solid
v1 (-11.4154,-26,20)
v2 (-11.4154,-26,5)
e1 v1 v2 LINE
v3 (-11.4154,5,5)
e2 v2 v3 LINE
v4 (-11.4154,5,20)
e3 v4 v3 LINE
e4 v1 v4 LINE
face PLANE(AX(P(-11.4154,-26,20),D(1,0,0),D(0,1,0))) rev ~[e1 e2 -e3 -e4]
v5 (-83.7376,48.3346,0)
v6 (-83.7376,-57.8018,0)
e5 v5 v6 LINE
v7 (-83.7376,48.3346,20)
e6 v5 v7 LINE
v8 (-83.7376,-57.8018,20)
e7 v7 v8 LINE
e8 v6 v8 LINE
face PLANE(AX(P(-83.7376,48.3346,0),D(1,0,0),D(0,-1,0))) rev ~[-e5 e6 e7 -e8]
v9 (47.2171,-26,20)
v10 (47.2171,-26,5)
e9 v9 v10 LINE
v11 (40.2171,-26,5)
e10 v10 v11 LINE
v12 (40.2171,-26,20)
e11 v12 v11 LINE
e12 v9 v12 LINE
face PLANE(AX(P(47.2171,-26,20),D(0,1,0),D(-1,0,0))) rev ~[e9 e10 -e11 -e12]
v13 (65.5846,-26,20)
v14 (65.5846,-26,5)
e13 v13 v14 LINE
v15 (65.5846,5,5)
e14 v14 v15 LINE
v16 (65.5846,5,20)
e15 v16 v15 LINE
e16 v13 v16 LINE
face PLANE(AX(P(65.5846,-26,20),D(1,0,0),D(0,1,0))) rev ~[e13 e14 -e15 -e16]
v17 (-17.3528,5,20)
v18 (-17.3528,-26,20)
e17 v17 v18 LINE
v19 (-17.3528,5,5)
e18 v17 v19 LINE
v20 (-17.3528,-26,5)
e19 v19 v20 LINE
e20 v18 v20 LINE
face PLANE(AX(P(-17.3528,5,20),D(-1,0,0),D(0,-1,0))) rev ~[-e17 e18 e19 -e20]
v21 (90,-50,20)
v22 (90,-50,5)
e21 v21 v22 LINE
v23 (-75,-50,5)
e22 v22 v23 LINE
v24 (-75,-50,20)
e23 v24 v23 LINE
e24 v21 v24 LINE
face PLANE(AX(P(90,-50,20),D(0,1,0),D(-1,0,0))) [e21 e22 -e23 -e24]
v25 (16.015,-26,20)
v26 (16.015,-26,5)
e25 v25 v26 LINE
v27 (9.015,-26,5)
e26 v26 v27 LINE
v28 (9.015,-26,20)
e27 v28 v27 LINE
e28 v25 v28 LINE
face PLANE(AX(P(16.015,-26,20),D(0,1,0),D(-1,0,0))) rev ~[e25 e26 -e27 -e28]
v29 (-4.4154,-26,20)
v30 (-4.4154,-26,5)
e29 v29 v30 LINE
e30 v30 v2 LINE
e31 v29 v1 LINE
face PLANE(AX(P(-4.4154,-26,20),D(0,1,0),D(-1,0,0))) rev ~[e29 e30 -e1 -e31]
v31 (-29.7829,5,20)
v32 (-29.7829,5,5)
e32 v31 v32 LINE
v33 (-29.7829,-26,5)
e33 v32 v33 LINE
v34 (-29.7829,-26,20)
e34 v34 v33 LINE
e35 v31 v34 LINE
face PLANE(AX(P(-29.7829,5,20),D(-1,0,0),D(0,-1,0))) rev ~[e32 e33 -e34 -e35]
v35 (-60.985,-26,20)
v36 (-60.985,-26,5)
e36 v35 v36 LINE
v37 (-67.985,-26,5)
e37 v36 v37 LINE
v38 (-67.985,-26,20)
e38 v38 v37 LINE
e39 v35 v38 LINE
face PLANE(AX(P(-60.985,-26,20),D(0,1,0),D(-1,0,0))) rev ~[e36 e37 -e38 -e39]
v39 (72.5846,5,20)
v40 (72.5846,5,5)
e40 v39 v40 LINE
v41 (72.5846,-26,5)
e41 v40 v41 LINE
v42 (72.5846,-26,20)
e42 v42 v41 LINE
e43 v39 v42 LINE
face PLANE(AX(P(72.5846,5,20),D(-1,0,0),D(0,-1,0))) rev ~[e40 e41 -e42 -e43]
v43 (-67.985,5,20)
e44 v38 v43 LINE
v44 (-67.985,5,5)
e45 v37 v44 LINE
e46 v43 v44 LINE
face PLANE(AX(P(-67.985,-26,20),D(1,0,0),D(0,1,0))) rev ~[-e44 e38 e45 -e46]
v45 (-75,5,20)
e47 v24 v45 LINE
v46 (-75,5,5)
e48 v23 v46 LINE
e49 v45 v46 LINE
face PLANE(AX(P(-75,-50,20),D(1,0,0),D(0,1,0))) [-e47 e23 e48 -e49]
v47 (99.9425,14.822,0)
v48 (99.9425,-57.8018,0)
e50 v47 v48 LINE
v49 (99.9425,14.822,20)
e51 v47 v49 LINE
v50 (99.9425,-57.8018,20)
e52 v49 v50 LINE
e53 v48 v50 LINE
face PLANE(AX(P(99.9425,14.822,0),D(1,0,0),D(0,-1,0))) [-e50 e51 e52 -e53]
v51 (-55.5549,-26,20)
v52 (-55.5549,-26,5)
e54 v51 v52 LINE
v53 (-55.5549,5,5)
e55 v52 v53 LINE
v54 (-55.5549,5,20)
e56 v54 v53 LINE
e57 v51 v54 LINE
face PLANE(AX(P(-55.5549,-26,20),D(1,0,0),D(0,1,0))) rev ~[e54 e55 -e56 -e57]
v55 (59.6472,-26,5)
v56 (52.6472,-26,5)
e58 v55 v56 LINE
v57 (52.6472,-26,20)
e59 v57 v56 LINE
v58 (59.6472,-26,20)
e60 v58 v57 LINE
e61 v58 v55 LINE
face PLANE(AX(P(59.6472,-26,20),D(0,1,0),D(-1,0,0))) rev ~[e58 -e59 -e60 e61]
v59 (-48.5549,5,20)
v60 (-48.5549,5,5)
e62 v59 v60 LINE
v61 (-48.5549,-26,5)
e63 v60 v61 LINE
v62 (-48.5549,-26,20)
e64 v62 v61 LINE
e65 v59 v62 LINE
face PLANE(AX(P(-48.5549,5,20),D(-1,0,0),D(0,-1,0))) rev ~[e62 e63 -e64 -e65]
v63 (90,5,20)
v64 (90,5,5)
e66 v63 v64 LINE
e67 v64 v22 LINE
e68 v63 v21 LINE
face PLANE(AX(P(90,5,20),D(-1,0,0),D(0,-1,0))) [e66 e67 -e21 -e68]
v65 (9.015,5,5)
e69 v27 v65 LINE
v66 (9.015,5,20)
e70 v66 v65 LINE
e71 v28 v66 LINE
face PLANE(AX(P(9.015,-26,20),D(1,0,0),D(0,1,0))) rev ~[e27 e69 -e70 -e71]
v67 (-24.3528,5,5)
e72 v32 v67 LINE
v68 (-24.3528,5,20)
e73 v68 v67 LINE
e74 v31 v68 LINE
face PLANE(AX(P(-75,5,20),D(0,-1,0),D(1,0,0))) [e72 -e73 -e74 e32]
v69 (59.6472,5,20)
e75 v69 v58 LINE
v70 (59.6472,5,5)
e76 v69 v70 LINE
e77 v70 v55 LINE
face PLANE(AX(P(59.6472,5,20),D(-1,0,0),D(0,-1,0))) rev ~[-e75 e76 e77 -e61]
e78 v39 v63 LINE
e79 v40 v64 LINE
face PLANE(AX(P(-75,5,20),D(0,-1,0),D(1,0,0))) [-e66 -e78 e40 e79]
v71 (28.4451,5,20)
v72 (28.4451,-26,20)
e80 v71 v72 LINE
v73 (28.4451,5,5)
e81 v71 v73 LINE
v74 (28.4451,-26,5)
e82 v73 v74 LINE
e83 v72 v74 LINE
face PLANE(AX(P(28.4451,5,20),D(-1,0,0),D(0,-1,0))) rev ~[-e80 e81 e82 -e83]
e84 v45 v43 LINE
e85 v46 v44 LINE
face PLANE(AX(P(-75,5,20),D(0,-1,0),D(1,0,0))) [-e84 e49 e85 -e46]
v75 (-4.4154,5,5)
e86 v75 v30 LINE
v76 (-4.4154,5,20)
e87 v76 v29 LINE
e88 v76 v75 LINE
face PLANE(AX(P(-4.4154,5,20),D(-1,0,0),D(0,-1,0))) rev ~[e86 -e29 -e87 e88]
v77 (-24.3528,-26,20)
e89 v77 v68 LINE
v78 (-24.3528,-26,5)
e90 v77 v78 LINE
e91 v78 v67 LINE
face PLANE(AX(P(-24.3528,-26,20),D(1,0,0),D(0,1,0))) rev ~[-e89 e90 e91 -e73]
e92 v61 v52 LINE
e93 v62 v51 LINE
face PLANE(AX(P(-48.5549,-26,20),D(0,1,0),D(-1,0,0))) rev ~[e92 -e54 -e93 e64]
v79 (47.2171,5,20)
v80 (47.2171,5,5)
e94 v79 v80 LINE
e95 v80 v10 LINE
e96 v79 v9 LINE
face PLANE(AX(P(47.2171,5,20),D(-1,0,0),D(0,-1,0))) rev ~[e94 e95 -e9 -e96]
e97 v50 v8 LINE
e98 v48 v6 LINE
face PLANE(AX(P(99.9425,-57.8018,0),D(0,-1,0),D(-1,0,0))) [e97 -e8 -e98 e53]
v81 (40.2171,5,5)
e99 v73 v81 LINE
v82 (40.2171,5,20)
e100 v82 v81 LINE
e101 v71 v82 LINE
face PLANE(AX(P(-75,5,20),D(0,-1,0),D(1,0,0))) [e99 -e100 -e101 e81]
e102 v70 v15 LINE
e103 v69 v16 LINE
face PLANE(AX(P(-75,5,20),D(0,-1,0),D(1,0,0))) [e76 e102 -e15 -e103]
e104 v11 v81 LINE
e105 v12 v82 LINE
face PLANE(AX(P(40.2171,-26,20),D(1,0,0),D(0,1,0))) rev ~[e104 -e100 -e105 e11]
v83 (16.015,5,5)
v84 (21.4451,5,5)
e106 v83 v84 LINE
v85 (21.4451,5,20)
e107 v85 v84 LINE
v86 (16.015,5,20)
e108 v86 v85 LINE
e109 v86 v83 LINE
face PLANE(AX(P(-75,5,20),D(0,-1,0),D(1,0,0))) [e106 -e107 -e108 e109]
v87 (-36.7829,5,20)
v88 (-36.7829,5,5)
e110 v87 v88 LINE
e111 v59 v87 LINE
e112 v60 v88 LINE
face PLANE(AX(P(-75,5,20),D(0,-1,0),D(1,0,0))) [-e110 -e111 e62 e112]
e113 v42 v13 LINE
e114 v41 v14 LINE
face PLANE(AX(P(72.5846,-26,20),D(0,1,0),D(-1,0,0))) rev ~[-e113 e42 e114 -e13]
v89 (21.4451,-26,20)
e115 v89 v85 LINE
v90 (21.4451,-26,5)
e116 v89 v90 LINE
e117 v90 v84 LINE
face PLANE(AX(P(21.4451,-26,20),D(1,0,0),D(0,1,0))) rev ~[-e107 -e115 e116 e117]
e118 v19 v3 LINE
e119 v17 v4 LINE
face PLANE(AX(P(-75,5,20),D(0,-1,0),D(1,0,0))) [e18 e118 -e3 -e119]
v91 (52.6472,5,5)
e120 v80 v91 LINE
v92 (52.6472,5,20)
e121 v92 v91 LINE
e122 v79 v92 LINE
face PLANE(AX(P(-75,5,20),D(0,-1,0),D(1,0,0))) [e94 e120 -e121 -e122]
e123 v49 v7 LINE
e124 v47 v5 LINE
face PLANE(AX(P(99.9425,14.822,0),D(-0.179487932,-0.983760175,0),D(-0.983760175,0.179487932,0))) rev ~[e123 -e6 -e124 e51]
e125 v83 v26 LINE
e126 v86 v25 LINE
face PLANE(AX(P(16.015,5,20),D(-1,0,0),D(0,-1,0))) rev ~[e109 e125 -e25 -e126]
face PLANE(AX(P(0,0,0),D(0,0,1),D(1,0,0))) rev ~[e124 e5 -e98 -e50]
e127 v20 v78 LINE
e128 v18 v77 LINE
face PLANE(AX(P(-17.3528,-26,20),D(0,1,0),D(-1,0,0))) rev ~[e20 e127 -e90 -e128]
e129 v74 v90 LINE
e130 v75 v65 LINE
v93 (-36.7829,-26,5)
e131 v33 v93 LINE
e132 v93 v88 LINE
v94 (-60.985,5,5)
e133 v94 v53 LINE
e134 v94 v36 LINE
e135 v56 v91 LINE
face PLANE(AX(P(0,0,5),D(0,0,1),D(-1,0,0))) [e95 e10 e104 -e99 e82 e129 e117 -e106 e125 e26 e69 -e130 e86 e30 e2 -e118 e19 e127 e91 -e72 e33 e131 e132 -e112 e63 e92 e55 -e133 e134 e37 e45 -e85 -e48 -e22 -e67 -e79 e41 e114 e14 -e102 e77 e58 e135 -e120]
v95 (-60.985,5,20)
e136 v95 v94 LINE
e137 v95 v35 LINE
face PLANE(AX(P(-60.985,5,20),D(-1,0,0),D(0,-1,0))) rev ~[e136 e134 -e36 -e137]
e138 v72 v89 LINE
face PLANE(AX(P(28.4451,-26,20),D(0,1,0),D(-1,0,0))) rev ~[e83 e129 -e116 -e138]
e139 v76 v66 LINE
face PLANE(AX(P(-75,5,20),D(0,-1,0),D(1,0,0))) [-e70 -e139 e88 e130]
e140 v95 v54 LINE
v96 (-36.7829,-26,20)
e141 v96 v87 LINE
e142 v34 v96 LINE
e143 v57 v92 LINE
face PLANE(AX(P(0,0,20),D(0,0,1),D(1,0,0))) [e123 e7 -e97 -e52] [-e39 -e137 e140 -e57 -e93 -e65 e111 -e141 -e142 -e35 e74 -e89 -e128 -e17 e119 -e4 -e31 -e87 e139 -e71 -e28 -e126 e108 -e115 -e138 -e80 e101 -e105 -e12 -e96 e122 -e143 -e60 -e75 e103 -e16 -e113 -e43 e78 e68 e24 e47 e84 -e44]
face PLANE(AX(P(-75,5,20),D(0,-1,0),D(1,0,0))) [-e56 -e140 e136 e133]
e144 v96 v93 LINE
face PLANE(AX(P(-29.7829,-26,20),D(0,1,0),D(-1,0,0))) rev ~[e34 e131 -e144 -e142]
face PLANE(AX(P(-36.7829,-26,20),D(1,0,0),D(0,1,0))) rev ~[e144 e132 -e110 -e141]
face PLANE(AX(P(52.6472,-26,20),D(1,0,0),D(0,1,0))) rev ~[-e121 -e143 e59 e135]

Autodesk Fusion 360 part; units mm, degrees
sketch "草图1" plane through (0, 0, 0) normal (0, 0, 1) x (1, 0, 0)
  line L0 (-83.7376, 48.3346) -> (-83.7376, -57.8018)
  line L1 (100, -57.8018) -> (-83.7376, -57.8018)
  line L2 (99.9425, 14.822) -> (-83.7376, 48.3346)
  line L3 (99.9425, 14.822) -> (99.9425, -57.8018)
  line L4 (-75.3044, 2.9706) -> (90.6956, 2.9706)
  line L5 (90.6956, 2.9706) -> (90.6956, -51.4889)
  line L6 (90.6956, -51.4889) -> (-75.3044, -51.4889)
  line L7 (-75.3044, -51.4889) -> (-75.3044, 2.9706)
  dimension "d1" = 166
extrude "拉伸1" add sketch "草图1" along normal blind 20 contours L0 L1 L2 L3 | L4 L5 L6 L7
sketch "草图2" plane through (0, 0, 20) normal (0, 0, 1) x (-1, 0, 0)
  line L0 (83.7376, -48.3346) -> (83.7376, 57.8018)
  line L1 (83.7376, 57.8018) -> (-99.9425, 57.8018)
  line L2 (-99.9425, 57.8018) -> (-99.9425, -14.822)
  line L3 (-99.9425, -14.822) -> (83.7376, -48.3346)
  line L4 (75, -5) -> (-90, -5)
  line L5 (-90, -5) -> (-90, 50)
  line L6 (-90, 50) -> (75, 50)
  line L7 (75, 50) -> (75, -5)
extrude "拉伸2" cut sketch "草图2" against normal blind 15 contours L4 L5 L6 L7
sketch "草图3" plane through (0, 0, 20) normal (0, 0, 1) x (-1, 0, 0)
  line L0 (-90, -5) -> (-90, 50)
  line L1 (-90, 50) -> (75, 50)
  line L2 (75, 50) -> (75, -5)
  line L3 (75, -5) -> (-90, -5)
  line L4 (83.7376, -48.3346) -> (83.7376, 57.8018)
  line L5 (83.7376, 57.8018) -> (-99.9425, 57.8018)
  line L6 (-99.9425, 57.8018) -> (-99.9425, -14.822)
  line L7 (-99.9425, -14.822) -> (83.7376, -48.3346)
  line L8 (67.985, -5) -> (60.985, -5)
  line L9 (60.985, -5) -> (60.985, 26)
  line L10 (60.985, 26) -> (67.985, 26)
  line L11 (67.985, 26) -> (67.985, -5)
  line L12 (67.985, -5) -> (60.985, -5)
  line L13 (67.985, 26) -> (67.985, -5)
  line L14 (60.985, 26) -> (67.985, 26)
  line L15 (60.985, -5) -> (60.985, 26)
  line L16 (55.5549, 26) -> (55.5549, -5)
  line L17 (55.5549, -5) -> (48.5549, -5)
  line L18 (48.5549, -5) -> (48.5549, 26)
  line L19 (48.5549, 26) -> (55.5549, 26)
  line L20 (55.5549, 26) -> (55.5549, -5)
  line L21 (48.5549, 26) -> (55.5549, 26)
  line L22 (48.5549, -5) -> (48.5549, 26)
  line L23 (55.5549, -5) -> (48.5549, -5)
  line L24 (36.7829, -5) -> (29.7829, -5)
  line L25 (36.7829, 26) -> (36.7829, -5)
  line L26 (29.7829, 26) -> (36.7829, 26)
  line L27 (29.7829, -5) -> (29.7829, 26)
  line L28 (24.3528, 26) -> (24.3528, -5)
  line L29 (17.3528, 26) -> (24.3528, 26)
  line L30 (17.3528, -5) -> (17.3528, 26)
  line L31 (24.3528, -5) -> (17.3528, -5)
  line L32 (11.4154, 26) -> (11.4154, -5)
  line L33 (4.4154, -5) -> (4.4154, 26)
  line L34 (11.4154, -5) -> (4.4154, -5)
  line L35 (4.4154, 26) -> (11.4154, 26)
  line L36 (-52.6472, -5) -> (-59.6472, -5)
  line L37 (-21.4451, 26) -> (-21.4451, -5)
  line L38 (-9.015, -5) -> (-16.015, -5)
  line L39 (-28.4451, 26) -> (-21.4451, 26)
  line L40 (-28.4451, 26) -> (-21.4451, 26)
  line L41 (-40.2171, 26) -> (-40.2171, -5)
  line L42 (-40.2171, -5) -> (-47.2171, -5)
  line L43 (-72.5846, -5) -> (-72.5846, 26)
  line L44 (-47.2171, 26) -> (-40.2171, 26)
  line L45 (-47.2171, -5) -> (-47.2171, 26)
  line L46 (-52.6472, 26) -> (-52.6472, -5)
  line L47 (-65.5846, 26) -> (-65.5846, -5)
  line L48 (-9.015, 26) -> (-9.015, -5)
  line L49 (-16.015, 26) -> (-9.015, 26)
  line L50 (-21.4451, -5) -> (-28.4451, -5)
  line L51 (-28.4451, -5) -> (-28.4451, 26)
  line L52 (-16.015, -5) -> (-16.015, 26)
  line L53 (-28.4451, -5) -> (-28.4451, 26)
  line L54 (-9.015, -5) -> (-16.015, -5)
  line L55 (-16.015, 26) -> (-9.015, 26)
  line L56 (-72.5846, 26) -> (-65.5846, 26)
  line L57 (-65.5846, -5) -> (-72.5846, -5)
  line L58 (-21.4451, 26) -> (-21.4451, -5)
  line L59 (-9.015, 26) -> (-9.015, -5)
  line L60 (-21.4451, -5) -> (-28.4451, -5)
  line L61 (-59.6472, 26) -> (-52.6472, 26)
  line L62 (-59.6472, -5) -> (-59.6472, 26)
  line L63 (-16.015, -5) -> (-16.015, 26)
  line L64 (-82.7432, 26.3749) -> (-82.7432, -4.6251)
  line L65 (-89.7432, 26.3749) -> (-82.7432, 26.3749)
  line L66 (-89.7432, -4.6251) -> (-89.7432, 26.3749)
  line L67 (-82.9307, -4.8125) -> (-89.9307, -4.8125)
  point P0 (-77, 0)
  dimension "d6" = 7
  dimension "d7" = 31
  dimension "d8" = 7
  dimension "d9" = 31
  dimension "d10" = 7
  dimension "d11" = 31
  dimension "d12" = 7
  dimension "d13" = 31
  dimension "d14" = 7
  dimension "d15" = 31
  dimension "d16" = 31
  dimension "d17" = 7
  dimension "d18" = 31
  dimension "d19" = 7
  dimension "d22" = -77
  dimension "d23" = 0
  dimension "d24" = 7
  dimension "d25" = 31
  dimension "d26" = 7
extrude "拉伸3" add sketch "草图3" against normal blind 15 contours L3 L43 L47 L56 L57 | L3 L36 L46 L61 L62 | L3 L8 L9 L10 L11 L12 L13 L14 L15 | L3 L41 L42 L44 L45 | L3 L16 L17 L18 L19 L20 L21 L22 L23 | L3 L37 L39 L40 L50 L51 L53 L58 L60 | L3 L24 L25 L26 L27 | L3 L38 L48 L49 L52 L54 L55 L59 L63 | L3 L28 L29 L30 L31 | L3 L32 L33 L34 L35
sketch "草图4" plane through (0, 0, 20) normal (0, 0, 1) x (-1, 0, 0)
  line L0 (-90, -5) -> (-90, 50)
  line L1 (-90, 50) -> (75, 50)
  line L2 (75, 50) -> (75, -5)
  line L3 (75, -5) -> (67.985, -5)
  line L4 (67.985, -5) -> (67.985, 26)
  line L5 (67.985, 26) -> (60.985, 26)
  line L6 (60.985, 26) -> (60.985, -5)
  line L7 (60.985, -5) -> (55.5549, -5)
  line L8 (55.5549, -5) -> (55.5549, 26)
  line L9 (55.5549, 26) -> (48.5549, 26)
  line L10 (48.5549, 26) -> (48.5549, -5)
  line L11 (48.5549, -5) -> (36.7829, -5)
  line L12 (36.7829, -5) -> (36.7829, 26)
  line L13 (36.7829, 26) -> (29.7829, 26)
  line L14 (29.7829, 26) -> (29.7829, -5)
  line L15 (29.7829, -5) -> (24.3528, -5)
  line L16 (24.3528, -5) -> (24.3528, 26)
  line L17 (24.3528, 26) -> (17.3528, 26)
  line L18 (17.3528, 26) -> (17.3528, -5)
  line L19 (17.3528, -5) -> (11.4154, -5)
  line L20 (11.4154, -5) -> (11.4154, 26)
  line L21 (11.4154, 26) -> (4.4154, 26)
  line L22 (4.4154, 26) -> (4.4154, -5)
  line L23 (4.4154, -5) -> (-9.015, -5)
  line L24 (-9.015, -5) -> (-9.015, 26)
  line L25 (-9.015, 26) -> (-16.015, 26)
  line L26 (-16.015, 26) -> (-16.015, -5)
  line L27 (-16.015, -5) -> (-21.4451, -5)
  line L28 (-21.4451, -5) -> (-21.4451, 26)
  line L29 (-21.4451, 26) -> (-28.4451, 26)
  line L30 (-28.4451, 26) -> (-28.4451, -5)
  line L31 (-28.4451, -5) -> (-40.2171, -5)
  line L32 (-40.2171, -5) -> (-40.2171, 26)
  line L33 (-40.2171, 26) -> (-47.2171, 26)
  line L34 (-47.2171, 26) -> (-47.2171, -5)
  line L35 (-47.2171, -5) -> (-52.6472, -5)
  line L36 (-52.6472, -5) -> (-52.6472, 26)
  line L37 (-52.6472, 26) -> (-59.6472, 26)
  line L38 (-59.6472, 26) -> (-59.6472, -5)
  line L39 (-59.6472, -5) -> (-65.5846, -5)
  line L40 (-65.5846, -5) -> (-65.5846, 26)
  line L41 (-65.5846, 26) -> (-72.5846, 26)
  line L42 (-72.5846, 26) -> (-72.5846, -5)
  line L43 (-72.5846, -5) -> (-90, -5)
  line L44 (83.7376, -48.3346) -> (83.7376, 57.8018)
  line L45 (83.7376, 57.8018) -> (-99.9425, 57.8018)
  line L46 (-99.9425, 57.8018) -> (-99.9425, -14.822)
  line L47 (-99.9425, -14.822) -> (83.7376, -48.3346)
